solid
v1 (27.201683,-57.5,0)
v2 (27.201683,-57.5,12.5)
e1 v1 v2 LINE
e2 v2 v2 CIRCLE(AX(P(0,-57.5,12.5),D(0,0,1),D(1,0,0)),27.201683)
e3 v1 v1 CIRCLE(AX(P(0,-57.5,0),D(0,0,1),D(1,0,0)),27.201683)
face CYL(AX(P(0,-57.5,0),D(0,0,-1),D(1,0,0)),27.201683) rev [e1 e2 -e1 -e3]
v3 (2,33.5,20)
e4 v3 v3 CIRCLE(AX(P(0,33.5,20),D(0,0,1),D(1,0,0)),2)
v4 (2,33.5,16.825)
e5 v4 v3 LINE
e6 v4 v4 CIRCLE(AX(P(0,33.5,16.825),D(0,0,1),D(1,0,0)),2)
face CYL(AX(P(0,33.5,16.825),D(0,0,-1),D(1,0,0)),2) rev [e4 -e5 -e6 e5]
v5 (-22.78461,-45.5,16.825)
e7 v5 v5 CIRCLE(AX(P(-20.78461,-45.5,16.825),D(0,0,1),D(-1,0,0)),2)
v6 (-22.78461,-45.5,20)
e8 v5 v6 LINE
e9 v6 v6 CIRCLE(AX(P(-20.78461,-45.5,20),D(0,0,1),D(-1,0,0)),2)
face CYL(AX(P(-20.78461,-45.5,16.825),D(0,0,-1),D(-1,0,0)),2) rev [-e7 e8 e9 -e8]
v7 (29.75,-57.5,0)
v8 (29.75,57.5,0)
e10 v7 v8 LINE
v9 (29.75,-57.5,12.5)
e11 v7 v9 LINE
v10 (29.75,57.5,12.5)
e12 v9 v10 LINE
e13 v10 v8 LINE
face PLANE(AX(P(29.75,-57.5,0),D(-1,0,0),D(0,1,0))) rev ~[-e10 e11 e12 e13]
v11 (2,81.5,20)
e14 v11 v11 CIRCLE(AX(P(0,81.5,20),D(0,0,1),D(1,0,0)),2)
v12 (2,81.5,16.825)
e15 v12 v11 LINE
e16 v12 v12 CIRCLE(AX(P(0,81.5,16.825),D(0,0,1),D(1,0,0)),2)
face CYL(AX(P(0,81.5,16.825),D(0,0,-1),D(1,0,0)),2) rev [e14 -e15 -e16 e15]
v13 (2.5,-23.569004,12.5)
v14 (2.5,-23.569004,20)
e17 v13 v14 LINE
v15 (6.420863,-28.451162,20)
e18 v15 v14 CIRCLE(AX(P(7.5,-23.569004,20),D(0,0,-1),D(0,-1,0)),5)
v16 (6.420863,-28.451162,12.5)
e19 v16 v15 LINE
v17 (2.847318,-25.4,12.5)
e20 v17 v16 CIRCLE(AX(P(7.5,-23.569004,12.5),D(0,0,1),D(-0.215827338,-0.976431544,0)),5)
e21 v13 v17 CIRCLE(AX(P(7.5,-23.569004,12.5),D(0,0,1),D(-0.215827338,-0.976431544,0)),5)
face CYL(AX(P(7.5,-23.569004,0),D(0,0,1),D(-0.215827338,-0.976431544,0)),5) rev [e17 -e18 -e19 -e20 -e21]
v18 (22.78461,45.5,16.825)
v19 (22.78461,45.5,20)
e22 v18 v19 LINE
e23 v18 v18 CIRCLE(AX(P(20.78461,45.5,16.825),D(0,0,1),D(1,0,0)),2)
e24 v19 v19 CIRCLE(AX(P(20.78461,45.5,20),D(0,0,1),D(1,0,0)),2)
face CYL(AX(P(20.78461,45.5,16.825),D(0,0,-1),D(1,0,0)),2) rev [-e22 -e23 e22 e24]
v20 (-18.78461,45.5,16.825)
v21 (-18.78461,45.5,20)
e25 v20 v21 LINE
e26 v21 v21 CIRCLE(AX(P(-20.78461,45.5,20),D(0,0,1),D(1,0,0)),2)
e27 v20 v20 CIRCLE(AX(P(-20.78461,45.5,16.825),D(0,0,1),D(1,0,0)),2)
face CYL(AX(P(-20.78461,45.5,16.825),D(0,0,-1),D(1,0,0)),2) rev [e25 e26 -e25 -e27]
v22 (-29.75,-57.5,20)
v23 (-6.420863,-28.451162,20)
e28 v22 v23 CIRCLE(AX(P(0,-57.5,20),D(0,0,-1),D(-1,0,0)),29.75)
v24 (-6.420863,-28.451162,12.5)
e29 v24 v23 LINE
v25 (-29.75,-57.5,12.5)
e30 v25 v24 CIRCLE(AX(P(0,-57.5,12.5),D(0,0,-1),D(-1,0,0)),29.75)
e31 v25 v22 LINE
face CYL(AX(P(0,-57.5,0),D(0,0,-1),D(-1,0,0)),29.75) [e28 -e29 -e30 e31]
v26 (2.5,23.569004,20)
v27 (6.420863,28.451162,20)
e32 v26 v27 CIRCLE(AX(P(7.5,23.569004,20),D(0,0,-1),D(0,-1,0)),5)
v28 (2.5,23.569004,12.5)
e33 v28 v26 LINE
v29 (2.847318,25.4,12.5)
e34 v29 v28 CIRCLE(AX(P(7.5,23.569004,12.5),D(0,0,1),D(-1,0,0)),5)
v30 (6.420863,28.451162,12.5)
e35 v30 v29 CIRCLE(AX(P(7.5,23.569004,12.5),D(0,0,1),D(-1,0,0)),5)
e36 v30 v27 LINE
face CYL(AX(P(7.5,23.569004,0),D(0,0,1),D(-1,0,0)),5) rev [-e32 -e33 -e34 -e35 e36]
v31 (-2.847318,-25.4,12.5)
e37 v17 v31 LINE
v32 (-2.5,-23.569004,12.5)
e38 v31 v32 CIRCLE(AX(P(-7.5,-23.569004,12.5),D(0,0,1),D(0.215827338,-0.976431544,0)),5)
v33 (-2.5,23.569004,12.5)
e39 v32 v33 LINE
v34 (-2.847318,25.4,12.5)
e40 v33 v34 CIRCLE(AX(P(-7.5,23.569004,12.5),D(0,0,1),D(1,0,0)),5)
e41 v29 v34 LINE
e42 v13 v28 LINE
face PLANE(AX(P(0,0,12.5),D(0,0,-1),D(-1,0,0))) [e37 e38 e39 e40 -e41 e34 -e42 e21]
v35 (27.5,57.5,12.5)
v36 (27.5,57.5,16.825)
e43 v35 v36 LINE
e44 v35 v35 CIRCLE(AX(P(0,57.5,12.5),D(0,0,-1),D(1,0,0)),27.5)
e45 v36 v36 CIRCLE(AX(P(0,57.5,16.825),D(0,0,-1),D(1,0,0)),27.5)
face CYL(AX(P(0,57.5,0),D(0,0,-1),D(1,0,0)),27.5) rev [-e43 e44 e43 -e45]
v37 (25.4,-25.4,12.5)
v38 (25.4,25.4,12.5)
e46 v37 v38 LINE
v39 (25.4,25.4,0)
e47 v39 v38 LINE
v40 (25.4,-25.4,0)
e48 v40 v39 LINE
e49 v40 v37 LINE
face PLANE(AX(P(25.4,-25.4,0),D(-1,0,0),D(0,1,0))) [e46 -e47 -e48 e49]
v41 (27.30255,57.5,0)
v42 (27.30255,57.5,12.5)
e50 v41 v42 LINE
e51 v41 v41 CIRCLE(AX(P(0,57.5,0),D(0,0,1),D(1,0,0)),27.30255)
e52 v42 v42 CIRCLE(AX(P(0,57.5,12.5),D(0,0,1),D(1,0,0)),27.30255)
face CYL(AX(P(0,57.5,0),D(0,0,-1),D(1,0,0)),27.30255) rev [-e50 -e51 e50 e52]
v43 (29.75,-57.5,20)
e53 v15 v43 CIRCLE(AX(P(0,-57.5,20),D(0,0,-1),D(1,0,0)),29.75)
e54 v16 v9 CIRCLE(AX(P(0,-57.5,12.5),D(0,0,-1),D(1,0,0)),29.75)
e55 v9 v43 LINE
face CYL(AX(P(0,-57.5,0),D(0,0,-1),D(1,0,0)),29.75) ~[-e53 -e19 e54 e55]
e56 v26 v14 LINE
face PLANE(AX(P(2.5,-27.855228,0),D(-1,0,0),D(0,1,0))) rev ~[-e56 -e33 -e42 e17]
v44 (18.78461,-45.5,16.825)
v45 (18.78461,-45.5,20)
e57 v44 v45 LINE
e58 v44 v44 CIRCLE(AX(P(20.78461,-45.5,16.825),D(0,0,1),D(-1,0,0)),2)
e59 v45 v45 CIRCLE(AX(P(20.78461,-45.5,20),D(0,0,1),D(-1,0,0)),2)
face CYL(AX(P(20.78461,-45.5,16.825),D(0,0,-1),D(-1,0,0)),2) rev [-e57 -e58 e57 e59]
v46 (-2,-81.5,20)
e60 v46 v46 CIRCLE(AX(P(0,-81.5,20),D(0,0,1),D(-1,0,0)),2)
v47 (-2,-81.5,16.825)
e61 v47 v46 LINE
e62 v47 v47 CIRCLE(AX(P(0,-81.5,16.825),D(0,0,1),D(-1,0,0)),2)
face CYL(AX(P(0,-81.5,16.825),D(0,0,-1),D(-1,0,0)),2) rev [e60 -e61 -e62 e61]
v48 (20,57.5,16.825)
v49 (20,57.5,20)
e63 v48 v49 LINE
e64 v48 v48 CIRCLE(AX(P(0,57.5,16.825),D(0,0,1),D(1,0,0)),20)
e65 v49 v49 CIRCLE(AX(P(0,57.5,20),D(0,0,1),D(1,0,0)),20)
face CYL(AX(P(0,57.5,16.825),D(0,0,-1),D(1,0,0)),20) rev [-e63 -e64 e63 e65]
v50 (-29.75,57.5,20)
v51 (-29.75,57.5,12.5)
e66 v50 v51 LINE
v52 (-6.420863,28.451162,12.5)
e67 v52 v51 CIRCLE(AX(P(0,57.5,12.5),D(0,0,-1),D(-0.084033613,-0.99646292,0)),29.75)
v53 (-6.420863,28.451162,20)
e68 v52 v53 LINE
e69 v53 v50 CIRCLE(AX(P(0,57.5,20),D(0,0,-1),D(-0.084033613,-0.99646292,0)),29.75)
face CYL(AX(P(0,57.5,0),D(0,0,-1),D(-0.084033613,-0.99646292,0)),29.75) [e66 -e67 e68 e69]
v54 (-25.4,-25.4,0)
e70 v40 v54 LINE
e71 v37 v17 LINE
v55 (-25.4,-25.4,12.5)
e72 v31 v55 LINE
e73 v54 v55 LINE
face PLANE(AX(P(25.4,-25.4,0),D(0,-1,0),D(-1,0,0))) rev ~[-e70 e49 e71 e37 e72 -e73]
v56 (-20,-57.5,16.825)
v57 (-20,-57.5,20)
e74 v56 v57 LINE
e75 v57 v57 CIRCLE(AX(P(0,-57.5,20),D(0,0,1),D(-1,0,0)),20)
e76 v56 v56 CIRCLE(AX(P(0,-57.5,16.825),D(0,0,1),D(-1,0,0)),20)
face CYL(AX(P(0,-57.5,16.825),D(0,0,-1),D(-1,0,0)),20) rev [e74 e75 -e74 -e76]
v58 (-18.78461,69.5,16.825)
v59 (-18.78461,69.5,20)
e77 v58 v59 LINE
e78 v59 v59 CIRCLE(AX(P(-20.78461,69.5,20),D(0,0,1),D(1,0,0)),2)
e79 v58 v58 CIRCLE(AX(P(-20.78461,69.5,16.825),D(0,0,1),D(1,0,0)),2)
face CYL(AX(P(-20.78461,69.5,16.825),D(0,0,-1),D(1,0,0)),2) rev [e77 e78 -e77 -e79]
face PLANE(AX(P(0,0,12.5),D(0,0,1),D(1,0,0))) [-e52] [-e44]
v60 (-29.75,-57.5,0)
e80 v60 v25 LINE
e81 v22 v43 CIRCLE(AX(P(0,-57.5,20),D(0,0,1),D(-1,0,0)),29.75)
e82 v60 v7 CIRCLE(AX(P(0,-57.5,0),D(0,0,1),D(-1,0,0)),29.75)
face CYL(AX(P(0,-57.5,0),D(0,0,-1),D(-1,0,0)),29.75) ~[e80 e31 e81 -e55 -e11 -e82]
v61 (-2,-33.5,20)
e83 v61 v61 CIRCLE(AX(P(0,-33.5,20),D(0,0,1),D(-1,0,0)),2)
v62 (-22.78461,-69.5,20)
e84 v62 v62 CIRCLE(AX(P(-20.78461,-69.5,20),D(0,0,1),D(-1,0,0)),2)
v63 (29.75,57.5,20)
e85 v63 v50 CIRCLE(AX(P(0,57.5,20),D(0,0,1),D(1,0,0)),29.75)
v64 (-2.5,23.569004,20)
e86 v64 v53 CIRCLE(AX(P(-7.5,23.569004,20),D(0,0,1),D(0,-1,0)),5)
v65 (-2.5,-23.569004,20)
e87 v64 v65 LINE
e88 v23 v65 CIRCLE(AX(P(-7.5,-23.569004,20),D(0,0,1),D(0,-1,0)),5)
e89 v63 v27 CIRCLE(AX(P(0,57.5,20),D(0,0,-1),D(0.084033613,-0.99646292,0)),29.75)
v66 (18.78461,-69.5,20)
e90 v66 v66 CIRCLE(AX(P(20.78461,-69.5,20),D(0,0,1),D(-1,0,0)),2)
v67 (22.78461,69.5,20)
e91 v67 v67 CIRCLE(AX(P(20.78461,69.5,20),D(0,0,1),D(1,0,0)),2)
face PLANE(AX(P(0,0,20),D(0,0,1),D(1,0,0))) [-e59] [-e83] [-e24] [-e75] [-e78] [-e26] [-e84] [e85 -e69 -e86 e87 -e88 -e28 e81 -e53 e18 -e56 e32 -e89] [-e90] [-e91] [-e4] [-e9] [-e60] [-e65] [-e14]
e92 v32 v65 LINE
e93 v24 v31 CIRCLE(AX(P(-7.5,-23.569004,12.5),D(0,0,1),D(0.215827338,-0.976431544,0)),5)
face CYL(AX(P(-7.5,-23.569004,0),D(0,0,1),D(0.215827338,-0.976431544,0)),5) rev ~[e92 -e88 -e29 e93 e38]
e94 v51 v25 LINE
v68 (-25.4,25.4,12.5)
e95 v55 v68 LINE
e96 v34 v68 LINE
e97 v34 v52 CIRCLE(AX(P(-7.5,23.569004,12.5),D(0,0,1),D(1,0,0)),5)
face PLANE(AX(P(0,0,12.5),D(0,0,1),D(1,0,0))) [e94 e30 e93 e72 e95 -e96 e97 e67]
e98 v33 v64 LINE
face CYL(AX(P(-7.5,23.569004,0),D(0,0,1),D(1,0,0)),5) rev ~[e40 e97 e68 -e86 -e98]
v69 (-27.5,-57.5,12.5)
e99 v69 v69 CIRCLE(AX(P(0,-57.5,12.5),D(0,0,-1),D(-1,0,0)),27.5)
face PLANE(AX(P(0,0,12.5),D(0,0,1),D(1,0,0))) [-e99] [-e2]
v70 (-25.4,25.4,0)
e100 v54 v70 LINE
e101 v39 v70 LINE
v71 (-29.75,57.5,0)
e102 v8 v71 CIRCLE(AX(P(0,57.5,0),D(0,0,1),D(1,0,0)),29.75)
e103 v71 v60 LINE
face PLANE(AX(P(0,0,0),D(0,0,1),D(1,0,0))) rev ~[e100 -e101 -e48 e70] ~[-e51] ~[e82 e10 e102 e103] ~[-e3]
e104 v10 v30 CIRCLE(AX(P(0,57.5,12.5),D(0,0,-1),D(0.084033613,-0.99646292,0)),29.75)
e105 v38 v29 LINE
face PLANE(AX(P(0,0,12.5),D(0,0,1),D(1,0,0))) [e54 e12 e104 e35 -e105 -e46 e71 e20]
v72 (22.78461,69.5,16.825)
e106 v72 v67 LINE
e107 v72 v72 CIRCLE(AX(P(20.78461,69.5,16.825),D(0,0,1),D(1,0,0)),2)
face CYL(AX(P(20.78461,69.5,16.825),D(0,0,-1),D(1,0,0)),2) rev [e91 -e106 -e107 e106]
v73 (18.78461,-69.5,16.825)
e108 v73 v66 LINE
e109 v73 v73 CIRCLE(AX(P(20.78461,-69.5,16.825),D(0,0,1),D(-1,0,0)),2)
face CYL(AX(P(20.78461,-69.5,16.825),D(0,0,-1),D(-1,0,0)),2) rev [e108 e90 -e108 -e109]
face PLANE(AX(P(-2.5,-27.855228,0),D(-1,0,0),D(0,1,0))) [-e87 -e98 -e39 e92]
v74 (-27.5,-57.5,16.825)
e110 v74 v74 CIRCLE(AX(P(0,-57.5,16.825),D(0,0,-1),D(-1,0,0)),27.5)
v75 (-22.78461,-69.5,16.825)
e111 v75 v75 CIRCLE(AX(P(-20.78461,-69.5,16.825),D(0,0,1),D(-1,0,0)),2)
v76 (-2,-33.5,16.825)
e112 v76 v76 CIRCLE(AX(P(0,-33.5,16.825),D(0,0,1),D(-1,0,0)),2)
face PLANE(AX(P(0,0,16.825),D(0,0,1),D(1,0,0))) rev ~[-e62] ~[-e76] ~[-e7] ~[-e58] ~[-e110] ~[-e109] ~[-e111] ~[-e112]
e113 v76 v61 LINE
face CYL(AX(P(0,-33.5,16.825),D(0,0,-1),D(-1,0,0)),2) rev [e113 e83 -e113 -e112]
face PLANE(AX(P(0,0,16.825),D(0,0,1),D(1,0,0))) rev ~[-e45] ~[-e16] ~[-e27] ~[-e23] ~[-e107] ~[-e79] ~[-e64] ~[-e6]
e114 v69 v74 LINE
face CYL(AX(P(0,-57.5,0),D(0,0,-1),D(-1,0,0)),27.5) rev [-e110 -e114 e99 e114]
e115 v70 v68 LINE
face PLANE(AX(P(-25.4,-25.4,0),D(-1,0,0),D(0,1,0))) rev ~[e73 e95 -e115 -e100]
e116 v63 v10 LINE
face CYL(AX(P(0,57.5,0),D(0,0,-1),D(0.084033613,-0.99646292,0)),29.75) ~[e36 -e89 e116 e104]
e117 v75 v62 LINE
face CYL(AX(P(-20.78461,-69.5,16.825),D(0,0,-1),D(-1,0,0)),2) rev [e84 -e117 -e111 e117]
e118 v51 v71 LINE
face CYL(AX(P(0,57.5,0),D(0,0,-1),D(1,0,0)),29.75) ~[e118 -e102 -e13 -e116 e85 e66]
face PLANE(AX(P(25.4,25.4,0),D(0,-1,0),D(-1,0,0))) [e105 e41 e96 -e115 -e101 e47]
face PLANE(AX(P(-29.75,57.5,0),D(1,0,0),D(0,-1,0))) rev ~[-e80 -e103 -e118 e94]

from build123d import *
from build123d.topology import SkipClean

# Parameters (mm, degrees)
SKETCH1_R           = 27.5
BOSS_EXTRUDE1_DEPTH = 20
BOSS_EXTRUDE2_START = -3.175
SKETCH2_R           = 20
SKETCH2_R_2         = 2
BOSS_EXTRUDE2_DEPTH = 3.175
CUT_EXTRUDE6_DEPTH  = 44
FILLET4_R           = 5
SKETCH9_R           = 27.302550199
SKETCH9_R_2         = 27.201682831
BOSS_EXTRUDE3_DEPTH = 12.5
SKETCH12_W          = 50.8
SKETCH12_H          = 50.8
CUT_EXTRUDE7_DEPTH  = 12.5


with BuildPart() as part:
    # Sketch1 → Boss-Extrude1 (new body)
    with BuildSketch(Plane.XY):
        with BuildLine():
            Line((-29.75, 57.5), (-29.75, -57.5))
            ThreePointArc((-29.75, -57.5), (0, -87.25), (29.75, -57.5))
            Line((29.75, -57.5), (29.75, 57.5))
            ThreePointArc((29.75, 57.5), (0, 87.25), (-29.75, 57.5))
        make_face()
        with Locations((0, 57.5)):
            Circle(SKETCH1_R, mode=Mode.SUBTRACT)
        with Locations(Location((0, -57.5, 0), (0, 0, 180))):
            Circle(SKETCH1_R, mode=Mode.SUBTRACT)
    extrude(amount=BOSS_EXTRUDE1_DEPTH)

    # Sketch2 → Boss-Extrude2 (add)
    with BuildSketch(Plane.XY.offset(20).offset(BOSS_EXTRUDE2_START)):
        with BuildLine():
            Line((-29.75, 57.5), (-29.75, -57.5))
            ThreePointArc((-29.75, -57.5), (0, -87.25), (29.75, -57.5))
            Line((29.75, -57.5), (29.75, 57.5))
            ThreePointArc((29.75, 57.5), (0, 87.25), (-29.75, 57.5))
        make_face()
        with Locations((0, 57.5)):
            Circle(SKETCH2_R, mode=Mode.SUBTRACT)
        with Locations((0, 81.5)):
            Circle(SKETCH2_R_2, mode=Mode.SUBTRACT)
        with Locations((20.784609691, 69.5)):
            Circle(SKETCH2_R_2, mode=Mode.SUBTRACT)
        with Locations((20.784609691, 45.5)):
            Circle(SKETCH2_R_2, mode=Mode.SUBTRACT)
        with Locations((0, 33.5)):
            Circle(SKETCH2_R_2, mode=Mode.SUBTRACT)
        with Locations((-20.784609691, 45.5)):
            Circle(SKETCH2_R_2, mode=Mode.SUBTRACT)
        with Locations((-20.784609691, 69.5)):
            Circle(SKETCH2_R_2, mode=Mode.SUBTRACT)
        with Locations(Location((-20.784609691, -69.5, 0), (0, 0, 180))):
            Circle(SKETCH2_R_2, mode=Mode.SUBTRACT)
        with Locations(Location((-20.784609691, -45.5, 0), (0, 0, 180))):
            Circle(SKETCH2_R_2, mode=Mode.SUBTRACT)
        with Locations(Location((0, -33.5, 0), (0, 0, 180))):
            Circle(SKETCH2_R_2, mode=Mode.SUBTRACT)
        with Locations(Location((20.784609691, -45.5, 0), (0, 0, 180))):
            Circle(SKETCH2_R_2, mode=Mode.SUBTRACT)
        with Locations(Location((20.784609691, -69.5, 0), (0, 0, 180))):
            Circle(SKETCH2_R_2, mode=Mode.SUBTRACT)
        with Locations(Location((0, -81.5, 0), (0, 0, 180))):
            Circle(SKETCH2_R_2, mode=Mode.SUBTRACT)
        with Locations(Location((0, -57.5, 0), (0, 0, 180))):
            Circle(SKETCH2_R, mode=Mode.SUBTRACT)
    extrude(amount=BOSS_EXTRUDE2_DEPTH)

    # Sketch8 → Cut-Extrude6 (cut)
    with SkipClean():  # the faces are left unmerged after this step: merging them gives an invalid solid
        with BuildSketch(Plane(origin=(0, 0, 0), x_dir=(-1, 0, 0), z_dir=(0, 0, -1))):
            with BuildLine():
                Line((-2.5, -27.855228117), (-2.5, 27.855228117))
                ThreePointArc((-2.5, 27.855228117), (-21.902482736, 37.366849477), (-29.75, 57.5))
                Line((-29.75, 57.5), (-29.75, -57.5))
                ThreePointArc((-29.75, -57.5), (-21.902482736, -37.366849477), (-2.5, -27.855228117))
            make_face()
            with BuildLine():
                Line((2.5, -27.855228117), (2.5, 27.855228117))
                ThreePointArc((2.5, 27.855228117), (21.902482736, 37.366849477), (29.75, 57.5))
                Line((29.75, 57.5), (29.75, -57.5))
                ThreePointArc((29.75, -57.5), (21.902482736, -37.366849477), (2.5, -27.855228117))
            make_face()
        extrude(amount=-CUT_EXTRUDE6_DEPTH, mode=Mode.SUBTRACT)

    # Fillet4
    fillet4_edges = [part.edges().sort_by_distance(p)[0] for p in [
        (2.5, -27.855228117, 10),
        (2.5, 27.855228117, 10),
        (-2.5, 27.855228117, 10),
        (-2.5, -27.855228117, 10),
    ]]
    fillet(fillet4_edges, radius=FILLET4_R)

    # Sketch9 → Boss-Extrude3 (add)
    with BuildSketch(Plane.XY):
        with BuildLine():
            Line((-29.75, 57.5), (-29.75, -57.5))
            ThreePointArc((-29.75, -57.5), (0, -87.25), (29.75, -57.5))
            Line((29.75, -57.5), (29.75, 57.5))
            ThreePointArc((29.75, 57.5), (0, 87.25), (-29.75, 57.5))
        make_face()
        with Locations((0, 57.5)):
            Circle(SKETCH9_R, mode=Mode.SUBTRACT)
        with Locations((0, -57.5)):
            Circle(SKETCH9_R_2, mode=Mode.SUBTRACT)
    extrude(amount=BOSS_EXTRUDE3_DEPTH)

    # Sketch12 → Cut-Extrude7 (cut)
    with BuildSketch(Plane(origin=(0, 0, 0), x_dir=(-1, 0, 0), z_dir=(0, 0, -1))):
        Rectangle(SKETCH12_W, SKETCH12_H)
    extrude(amount=-CUT_EXTRUDE7_DEPTH, mode=Mode.SUBTRACT)


solid = part.part
